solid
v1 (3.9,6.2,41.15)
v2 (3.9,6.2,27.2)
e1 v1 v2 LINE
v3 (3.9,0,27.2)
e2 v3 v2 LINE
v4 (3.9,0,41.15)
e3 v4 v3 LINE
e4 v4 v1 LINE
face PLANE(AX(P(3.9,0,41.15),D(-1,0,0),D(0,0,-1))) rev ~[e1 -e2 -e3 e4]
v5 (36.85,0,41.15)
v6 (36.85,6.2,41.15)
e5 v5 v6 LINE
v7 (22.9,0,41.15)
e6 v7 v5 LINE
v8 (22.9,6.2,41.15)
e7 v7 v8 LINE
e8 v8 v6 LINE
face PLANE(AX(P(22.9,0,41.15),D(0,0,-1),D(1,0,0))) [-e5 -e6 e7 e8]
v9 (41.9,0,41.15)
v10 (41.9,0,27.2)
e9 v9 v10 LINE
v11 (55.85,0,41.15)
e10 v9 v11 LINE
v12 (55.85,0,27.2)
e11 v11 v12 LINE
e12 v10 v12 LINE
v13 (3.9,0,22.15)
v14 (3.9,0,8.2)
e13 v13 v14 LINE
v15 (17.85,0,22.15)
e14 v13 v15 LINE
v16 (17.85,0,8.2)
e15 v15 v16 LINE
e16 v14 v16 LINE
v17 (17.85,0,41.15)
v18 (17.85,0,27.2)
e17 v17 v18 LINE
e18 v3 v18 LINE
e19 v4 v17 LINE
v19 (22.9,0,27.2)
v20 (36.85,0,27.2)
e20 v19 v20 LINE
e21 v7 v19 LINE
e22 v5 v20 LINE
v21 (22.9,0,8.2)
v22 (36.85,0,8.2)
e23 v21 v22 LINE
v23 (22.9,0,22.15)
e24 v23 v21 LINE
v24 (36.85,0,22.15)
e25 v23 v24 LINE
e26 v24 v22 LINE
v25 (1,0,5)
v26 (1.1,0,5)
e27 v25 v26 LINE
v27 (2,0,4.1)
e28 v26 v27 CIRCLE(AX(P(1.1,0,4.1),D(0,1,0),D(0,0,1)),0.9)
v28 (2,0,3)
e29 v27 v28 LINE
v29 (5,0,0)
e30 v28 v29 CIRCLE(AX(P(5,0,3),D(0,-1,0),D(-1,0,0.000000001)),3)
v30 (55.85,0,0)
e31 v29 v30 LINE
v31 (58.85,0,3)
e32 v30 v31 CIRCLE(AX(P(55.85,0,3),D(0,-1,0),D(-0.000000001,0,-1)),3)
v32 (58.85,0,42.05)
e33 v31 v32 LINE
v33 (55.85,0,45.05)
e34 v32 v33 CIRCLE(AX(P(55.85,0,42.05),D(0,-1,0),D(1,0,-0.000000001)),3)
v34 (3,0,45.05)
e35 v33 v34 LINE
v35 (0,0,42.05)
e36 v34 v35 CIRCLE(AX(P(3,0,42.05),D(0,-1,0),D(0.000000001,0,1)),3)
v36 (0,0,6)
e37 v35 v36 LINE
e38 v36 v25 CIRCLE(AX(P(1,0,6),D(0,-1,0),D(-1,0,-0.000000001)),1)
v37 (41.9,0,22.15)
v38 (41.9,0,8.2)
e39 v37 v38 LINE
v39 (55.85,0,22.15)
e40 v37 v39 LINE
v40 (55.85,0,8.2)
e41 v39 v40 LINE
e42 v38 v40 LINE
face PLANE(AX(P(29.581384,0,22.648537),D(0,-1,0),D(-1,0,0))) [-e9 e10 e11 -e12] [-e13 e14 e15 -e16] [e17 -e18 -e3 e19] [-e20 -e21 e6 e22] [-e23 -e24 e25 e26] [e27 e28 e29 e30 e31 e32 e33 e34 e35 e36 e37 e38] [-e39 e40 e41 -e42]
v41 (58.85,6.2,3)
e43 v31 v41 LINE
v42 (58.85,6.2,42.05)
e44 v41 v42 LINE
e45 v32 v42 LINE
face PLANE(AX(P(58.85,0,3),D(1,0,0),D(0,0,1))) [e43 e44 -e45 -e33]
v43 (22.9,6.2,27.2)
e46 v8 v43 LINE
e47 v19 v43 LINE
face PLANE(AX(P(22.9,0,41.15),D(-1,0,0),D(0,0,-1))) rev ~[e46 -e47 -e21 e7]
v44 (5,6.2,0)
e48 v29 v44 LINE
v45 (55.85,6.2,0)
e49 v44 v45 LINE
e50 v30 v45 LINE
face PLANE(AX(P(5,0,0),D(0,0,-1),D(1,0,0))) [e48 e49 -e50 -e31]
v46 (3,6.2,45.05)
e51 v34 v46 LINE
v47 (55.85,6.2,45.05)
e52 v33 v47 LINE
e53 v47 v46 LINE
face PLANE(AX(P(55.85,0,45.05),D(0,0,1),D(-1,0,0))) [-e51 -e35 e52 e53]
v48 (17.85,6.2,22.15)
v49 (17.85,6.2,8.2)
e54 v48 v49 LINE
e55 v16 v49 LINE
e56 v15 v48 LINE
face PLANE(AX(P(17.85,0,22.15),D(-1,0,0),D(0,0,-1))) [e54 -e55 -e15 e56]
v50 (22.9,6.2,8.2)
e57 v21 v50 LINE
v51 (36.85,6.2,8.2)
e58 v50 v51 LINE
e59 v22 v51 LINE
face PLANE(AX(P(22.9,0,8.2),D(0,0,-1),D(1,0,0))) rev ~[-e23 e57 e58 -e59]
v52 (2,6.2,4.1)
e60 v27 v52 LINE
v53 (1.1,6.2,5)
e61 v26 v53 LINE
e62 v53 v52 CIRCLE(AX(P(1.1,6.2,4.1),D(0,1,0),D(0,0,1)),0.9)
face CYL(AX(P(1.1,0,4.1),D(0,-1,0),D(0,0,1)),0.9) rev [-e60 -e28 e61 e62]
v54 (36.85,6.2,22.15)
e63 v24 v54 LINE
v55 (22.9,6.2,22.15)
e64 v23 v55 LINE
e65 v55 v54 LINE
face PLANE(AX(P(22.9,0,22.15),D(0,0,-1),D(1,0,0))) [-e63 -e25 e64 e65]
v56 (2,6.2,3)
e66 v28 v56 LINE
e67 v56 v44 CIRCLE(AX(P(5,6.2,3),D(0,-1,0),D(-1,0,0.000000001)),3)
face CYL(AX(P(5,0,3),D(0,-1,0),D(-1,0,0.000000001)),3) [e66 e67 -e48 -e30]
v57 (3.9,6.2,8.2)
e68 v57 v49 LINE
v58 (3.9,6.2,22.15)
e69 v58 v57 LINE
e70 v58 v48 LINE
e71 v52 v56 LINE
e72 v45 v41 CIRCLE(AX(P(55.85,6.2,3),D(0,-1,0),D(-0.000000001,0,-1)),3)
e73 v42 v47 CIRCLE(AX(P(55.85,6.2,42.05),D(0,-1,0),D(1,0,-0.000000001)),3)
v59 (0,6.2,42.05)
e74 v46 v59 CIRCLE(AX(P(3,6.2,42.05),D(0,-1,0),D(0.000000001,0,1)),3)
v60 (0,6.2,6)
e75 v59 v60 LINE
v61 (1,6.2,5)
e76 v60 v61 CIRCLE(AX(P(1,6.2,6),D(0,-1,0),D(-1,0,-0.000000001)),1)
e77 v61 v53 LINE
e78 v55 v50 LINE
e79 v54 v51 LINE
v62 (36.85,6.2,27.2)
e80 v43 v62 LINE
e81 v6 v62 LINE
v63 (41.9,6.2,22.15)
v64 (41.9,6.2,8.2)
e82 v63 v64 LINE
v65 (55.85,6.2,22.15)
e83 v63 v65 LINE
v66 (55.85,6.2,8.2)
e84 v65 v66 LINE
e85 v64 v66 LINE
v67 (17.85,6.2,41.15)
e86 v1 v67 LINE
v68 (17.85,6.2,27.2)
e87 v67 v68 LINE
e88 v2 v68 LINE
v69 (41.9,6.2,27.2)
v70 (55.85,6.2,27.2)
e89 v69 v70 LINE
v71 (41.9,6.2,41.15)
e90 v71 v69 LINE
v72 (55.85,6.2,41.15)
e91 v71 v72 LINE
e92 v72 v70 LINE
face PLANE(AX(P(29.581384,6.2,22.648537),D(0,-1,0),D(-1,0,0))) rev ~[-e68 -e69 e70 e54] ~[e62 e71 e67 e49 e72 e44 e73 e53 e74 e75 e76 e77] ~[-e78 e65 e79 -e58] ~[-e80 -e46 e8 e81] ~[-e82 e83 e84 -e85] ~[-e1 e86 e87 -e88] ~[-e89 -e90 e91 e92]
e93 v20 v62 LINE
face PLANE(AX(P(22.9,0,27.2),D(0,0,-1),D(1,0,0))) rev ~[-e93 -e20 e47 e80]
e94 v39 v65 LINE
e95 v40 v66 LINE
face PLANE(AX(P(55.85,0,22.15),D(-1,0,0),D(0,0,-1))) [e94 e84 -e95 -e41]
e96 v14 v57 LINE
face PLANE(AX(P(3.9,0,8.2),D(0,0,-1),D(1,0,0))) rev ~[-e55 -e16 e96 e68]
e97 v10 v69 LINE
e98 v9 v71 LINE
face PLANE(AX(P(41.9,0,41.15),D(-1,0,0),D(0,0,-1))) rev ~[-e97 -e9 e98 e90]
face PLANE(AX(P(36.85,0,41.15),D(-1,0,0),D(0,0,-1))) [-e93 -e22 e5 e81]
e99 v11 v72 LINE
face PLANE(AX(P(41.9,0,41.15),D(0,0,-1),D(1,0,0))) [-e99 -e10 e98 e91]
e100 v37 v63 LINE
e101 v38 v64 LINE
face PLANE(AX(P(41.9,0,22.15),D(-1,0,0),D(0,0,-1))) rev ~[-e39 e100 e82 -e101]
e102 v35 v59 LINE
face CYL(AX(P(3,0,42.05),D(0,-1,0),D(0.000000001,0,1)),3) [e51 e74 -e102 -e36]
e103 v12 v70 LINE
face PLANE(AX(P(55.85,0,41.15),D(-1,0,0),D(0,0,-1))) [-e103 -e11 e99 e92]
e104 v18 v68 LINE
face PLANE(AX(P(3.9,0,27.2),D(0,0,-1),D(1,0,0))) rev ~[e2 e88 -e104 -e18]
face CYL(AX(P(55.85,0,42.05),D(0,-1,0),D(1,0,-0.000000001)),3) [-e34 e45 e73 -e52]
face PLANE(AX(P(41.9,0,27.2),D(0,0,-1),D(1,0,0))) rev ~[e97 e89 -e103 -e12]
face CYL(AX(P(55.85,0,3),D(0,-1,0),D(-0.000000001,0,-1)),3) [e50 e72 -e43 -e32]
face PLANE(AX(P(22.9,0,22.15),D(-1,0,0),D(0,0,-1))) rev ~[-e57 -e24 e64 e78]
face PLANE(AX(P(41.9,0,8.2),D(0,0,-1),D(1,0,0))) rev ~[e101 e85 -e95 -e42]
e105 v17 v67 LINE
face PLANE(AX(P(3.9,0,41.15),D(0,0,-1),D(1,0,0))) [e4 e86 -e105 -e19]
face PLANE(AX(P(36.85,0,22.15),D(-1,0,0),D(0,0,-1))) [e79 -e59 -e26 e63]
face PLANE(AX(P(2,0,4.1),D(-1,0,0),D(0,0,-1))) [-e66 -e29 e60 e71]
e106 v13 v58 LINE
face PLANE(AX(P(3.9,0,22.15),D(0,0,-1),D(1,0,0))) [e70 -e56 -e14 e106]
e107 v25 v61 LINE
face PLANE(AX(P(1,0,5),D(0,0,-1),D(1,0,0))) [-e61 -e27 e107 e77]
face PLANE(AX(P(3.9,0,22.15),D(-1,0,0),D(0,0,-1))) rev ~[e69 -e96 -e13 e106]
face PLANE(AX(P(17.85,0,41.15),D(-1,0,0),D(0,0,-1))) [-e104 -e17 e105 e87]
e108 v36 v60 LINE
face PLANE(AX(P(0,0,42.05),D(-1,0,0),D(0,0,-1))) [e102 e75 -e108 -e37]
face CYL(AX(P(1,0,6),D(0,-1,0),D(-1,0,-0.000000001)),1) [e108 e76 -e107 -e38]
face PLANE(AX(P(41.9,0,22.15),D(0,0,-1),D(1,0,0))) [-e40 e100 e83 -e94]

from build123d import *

# Parameters (mm, degrees)
SKETCH1_W           = 13.95
SKETCH1_H           = 13.95
BOSS_EXTRUDE1_DEPTH = 6.2


with BuildPart() as part:
    # Sketch1 → Boss-Extrude1 (new body)
    with BuildSketch(Plane(origin=(0, 0, 0), x_dir=(1, 0, 0), z_dir=(0, 1, 0))):
        with BuildLine():
            Line((5, 0), (55.85, 0))
            ThreePointArc((55.85, 0), (57.971320344, -0.878679656), (58.85, -3))
            Line((58.85, -3), (58.85, -42.05))
            ThreePointArc((58.85, -42.05), (57.971320344, -44.171320344), (55.85, -45.05))
            Line((55.85, -45.05), (3, -45.05))
            ThreePointArc((3, -45.05), (0.878679656, -44.171320344), (0, -42.05))
            Line((0, -42.05), (0, -6))
            ThreePointArc((0, -6), (0.292893219, -5.292893219), (1, -5))
            Line((1, -5), (1.1, -5))
            ThreePointArc((1.1, -5), (1.736396103, -4.736396103), (2, -4.1))
            Line((2, -4.1), (2, -3))
            ThreePointArc((2, -3), (2.878679656, -0.878679656), (5, 0))
        make_face()
        with Locations((29.875, -15.175)):
            Rectangle(SKETCH1_W, SKETCH1_H, mode=Mode.SUBTRACT)
        with Locations((10.875, -15.175)):
            Rectangle(SKETCH1_W, SKETCH1_H, mode=Mode.SUBTRACT)
        with Locations((48.875, -15.175)):
            Rectangle(SKETCH1_W, SKETCH1_H, mode=Mode.SUBTRACT)
        with Locations((29.875, -34.175)):
            Rectangle(SKETCH1_W, SKETCH1_H, mode=Mode.SUBTRACT)
        with Locations((48.875, -34.175)):
            Rectangle(SKETCH1_W, SKETCH1_H, mode=Mode.SUBTRACT)
        with Locations((10.875, -34.175)):
            Rectangle(SKETCH1_W, SKETCH1_H, mode=Mode.SUBTRACT)
    extrude(amount=BOSS_EXTRUDE1_DEPTH)


solid = part.part
